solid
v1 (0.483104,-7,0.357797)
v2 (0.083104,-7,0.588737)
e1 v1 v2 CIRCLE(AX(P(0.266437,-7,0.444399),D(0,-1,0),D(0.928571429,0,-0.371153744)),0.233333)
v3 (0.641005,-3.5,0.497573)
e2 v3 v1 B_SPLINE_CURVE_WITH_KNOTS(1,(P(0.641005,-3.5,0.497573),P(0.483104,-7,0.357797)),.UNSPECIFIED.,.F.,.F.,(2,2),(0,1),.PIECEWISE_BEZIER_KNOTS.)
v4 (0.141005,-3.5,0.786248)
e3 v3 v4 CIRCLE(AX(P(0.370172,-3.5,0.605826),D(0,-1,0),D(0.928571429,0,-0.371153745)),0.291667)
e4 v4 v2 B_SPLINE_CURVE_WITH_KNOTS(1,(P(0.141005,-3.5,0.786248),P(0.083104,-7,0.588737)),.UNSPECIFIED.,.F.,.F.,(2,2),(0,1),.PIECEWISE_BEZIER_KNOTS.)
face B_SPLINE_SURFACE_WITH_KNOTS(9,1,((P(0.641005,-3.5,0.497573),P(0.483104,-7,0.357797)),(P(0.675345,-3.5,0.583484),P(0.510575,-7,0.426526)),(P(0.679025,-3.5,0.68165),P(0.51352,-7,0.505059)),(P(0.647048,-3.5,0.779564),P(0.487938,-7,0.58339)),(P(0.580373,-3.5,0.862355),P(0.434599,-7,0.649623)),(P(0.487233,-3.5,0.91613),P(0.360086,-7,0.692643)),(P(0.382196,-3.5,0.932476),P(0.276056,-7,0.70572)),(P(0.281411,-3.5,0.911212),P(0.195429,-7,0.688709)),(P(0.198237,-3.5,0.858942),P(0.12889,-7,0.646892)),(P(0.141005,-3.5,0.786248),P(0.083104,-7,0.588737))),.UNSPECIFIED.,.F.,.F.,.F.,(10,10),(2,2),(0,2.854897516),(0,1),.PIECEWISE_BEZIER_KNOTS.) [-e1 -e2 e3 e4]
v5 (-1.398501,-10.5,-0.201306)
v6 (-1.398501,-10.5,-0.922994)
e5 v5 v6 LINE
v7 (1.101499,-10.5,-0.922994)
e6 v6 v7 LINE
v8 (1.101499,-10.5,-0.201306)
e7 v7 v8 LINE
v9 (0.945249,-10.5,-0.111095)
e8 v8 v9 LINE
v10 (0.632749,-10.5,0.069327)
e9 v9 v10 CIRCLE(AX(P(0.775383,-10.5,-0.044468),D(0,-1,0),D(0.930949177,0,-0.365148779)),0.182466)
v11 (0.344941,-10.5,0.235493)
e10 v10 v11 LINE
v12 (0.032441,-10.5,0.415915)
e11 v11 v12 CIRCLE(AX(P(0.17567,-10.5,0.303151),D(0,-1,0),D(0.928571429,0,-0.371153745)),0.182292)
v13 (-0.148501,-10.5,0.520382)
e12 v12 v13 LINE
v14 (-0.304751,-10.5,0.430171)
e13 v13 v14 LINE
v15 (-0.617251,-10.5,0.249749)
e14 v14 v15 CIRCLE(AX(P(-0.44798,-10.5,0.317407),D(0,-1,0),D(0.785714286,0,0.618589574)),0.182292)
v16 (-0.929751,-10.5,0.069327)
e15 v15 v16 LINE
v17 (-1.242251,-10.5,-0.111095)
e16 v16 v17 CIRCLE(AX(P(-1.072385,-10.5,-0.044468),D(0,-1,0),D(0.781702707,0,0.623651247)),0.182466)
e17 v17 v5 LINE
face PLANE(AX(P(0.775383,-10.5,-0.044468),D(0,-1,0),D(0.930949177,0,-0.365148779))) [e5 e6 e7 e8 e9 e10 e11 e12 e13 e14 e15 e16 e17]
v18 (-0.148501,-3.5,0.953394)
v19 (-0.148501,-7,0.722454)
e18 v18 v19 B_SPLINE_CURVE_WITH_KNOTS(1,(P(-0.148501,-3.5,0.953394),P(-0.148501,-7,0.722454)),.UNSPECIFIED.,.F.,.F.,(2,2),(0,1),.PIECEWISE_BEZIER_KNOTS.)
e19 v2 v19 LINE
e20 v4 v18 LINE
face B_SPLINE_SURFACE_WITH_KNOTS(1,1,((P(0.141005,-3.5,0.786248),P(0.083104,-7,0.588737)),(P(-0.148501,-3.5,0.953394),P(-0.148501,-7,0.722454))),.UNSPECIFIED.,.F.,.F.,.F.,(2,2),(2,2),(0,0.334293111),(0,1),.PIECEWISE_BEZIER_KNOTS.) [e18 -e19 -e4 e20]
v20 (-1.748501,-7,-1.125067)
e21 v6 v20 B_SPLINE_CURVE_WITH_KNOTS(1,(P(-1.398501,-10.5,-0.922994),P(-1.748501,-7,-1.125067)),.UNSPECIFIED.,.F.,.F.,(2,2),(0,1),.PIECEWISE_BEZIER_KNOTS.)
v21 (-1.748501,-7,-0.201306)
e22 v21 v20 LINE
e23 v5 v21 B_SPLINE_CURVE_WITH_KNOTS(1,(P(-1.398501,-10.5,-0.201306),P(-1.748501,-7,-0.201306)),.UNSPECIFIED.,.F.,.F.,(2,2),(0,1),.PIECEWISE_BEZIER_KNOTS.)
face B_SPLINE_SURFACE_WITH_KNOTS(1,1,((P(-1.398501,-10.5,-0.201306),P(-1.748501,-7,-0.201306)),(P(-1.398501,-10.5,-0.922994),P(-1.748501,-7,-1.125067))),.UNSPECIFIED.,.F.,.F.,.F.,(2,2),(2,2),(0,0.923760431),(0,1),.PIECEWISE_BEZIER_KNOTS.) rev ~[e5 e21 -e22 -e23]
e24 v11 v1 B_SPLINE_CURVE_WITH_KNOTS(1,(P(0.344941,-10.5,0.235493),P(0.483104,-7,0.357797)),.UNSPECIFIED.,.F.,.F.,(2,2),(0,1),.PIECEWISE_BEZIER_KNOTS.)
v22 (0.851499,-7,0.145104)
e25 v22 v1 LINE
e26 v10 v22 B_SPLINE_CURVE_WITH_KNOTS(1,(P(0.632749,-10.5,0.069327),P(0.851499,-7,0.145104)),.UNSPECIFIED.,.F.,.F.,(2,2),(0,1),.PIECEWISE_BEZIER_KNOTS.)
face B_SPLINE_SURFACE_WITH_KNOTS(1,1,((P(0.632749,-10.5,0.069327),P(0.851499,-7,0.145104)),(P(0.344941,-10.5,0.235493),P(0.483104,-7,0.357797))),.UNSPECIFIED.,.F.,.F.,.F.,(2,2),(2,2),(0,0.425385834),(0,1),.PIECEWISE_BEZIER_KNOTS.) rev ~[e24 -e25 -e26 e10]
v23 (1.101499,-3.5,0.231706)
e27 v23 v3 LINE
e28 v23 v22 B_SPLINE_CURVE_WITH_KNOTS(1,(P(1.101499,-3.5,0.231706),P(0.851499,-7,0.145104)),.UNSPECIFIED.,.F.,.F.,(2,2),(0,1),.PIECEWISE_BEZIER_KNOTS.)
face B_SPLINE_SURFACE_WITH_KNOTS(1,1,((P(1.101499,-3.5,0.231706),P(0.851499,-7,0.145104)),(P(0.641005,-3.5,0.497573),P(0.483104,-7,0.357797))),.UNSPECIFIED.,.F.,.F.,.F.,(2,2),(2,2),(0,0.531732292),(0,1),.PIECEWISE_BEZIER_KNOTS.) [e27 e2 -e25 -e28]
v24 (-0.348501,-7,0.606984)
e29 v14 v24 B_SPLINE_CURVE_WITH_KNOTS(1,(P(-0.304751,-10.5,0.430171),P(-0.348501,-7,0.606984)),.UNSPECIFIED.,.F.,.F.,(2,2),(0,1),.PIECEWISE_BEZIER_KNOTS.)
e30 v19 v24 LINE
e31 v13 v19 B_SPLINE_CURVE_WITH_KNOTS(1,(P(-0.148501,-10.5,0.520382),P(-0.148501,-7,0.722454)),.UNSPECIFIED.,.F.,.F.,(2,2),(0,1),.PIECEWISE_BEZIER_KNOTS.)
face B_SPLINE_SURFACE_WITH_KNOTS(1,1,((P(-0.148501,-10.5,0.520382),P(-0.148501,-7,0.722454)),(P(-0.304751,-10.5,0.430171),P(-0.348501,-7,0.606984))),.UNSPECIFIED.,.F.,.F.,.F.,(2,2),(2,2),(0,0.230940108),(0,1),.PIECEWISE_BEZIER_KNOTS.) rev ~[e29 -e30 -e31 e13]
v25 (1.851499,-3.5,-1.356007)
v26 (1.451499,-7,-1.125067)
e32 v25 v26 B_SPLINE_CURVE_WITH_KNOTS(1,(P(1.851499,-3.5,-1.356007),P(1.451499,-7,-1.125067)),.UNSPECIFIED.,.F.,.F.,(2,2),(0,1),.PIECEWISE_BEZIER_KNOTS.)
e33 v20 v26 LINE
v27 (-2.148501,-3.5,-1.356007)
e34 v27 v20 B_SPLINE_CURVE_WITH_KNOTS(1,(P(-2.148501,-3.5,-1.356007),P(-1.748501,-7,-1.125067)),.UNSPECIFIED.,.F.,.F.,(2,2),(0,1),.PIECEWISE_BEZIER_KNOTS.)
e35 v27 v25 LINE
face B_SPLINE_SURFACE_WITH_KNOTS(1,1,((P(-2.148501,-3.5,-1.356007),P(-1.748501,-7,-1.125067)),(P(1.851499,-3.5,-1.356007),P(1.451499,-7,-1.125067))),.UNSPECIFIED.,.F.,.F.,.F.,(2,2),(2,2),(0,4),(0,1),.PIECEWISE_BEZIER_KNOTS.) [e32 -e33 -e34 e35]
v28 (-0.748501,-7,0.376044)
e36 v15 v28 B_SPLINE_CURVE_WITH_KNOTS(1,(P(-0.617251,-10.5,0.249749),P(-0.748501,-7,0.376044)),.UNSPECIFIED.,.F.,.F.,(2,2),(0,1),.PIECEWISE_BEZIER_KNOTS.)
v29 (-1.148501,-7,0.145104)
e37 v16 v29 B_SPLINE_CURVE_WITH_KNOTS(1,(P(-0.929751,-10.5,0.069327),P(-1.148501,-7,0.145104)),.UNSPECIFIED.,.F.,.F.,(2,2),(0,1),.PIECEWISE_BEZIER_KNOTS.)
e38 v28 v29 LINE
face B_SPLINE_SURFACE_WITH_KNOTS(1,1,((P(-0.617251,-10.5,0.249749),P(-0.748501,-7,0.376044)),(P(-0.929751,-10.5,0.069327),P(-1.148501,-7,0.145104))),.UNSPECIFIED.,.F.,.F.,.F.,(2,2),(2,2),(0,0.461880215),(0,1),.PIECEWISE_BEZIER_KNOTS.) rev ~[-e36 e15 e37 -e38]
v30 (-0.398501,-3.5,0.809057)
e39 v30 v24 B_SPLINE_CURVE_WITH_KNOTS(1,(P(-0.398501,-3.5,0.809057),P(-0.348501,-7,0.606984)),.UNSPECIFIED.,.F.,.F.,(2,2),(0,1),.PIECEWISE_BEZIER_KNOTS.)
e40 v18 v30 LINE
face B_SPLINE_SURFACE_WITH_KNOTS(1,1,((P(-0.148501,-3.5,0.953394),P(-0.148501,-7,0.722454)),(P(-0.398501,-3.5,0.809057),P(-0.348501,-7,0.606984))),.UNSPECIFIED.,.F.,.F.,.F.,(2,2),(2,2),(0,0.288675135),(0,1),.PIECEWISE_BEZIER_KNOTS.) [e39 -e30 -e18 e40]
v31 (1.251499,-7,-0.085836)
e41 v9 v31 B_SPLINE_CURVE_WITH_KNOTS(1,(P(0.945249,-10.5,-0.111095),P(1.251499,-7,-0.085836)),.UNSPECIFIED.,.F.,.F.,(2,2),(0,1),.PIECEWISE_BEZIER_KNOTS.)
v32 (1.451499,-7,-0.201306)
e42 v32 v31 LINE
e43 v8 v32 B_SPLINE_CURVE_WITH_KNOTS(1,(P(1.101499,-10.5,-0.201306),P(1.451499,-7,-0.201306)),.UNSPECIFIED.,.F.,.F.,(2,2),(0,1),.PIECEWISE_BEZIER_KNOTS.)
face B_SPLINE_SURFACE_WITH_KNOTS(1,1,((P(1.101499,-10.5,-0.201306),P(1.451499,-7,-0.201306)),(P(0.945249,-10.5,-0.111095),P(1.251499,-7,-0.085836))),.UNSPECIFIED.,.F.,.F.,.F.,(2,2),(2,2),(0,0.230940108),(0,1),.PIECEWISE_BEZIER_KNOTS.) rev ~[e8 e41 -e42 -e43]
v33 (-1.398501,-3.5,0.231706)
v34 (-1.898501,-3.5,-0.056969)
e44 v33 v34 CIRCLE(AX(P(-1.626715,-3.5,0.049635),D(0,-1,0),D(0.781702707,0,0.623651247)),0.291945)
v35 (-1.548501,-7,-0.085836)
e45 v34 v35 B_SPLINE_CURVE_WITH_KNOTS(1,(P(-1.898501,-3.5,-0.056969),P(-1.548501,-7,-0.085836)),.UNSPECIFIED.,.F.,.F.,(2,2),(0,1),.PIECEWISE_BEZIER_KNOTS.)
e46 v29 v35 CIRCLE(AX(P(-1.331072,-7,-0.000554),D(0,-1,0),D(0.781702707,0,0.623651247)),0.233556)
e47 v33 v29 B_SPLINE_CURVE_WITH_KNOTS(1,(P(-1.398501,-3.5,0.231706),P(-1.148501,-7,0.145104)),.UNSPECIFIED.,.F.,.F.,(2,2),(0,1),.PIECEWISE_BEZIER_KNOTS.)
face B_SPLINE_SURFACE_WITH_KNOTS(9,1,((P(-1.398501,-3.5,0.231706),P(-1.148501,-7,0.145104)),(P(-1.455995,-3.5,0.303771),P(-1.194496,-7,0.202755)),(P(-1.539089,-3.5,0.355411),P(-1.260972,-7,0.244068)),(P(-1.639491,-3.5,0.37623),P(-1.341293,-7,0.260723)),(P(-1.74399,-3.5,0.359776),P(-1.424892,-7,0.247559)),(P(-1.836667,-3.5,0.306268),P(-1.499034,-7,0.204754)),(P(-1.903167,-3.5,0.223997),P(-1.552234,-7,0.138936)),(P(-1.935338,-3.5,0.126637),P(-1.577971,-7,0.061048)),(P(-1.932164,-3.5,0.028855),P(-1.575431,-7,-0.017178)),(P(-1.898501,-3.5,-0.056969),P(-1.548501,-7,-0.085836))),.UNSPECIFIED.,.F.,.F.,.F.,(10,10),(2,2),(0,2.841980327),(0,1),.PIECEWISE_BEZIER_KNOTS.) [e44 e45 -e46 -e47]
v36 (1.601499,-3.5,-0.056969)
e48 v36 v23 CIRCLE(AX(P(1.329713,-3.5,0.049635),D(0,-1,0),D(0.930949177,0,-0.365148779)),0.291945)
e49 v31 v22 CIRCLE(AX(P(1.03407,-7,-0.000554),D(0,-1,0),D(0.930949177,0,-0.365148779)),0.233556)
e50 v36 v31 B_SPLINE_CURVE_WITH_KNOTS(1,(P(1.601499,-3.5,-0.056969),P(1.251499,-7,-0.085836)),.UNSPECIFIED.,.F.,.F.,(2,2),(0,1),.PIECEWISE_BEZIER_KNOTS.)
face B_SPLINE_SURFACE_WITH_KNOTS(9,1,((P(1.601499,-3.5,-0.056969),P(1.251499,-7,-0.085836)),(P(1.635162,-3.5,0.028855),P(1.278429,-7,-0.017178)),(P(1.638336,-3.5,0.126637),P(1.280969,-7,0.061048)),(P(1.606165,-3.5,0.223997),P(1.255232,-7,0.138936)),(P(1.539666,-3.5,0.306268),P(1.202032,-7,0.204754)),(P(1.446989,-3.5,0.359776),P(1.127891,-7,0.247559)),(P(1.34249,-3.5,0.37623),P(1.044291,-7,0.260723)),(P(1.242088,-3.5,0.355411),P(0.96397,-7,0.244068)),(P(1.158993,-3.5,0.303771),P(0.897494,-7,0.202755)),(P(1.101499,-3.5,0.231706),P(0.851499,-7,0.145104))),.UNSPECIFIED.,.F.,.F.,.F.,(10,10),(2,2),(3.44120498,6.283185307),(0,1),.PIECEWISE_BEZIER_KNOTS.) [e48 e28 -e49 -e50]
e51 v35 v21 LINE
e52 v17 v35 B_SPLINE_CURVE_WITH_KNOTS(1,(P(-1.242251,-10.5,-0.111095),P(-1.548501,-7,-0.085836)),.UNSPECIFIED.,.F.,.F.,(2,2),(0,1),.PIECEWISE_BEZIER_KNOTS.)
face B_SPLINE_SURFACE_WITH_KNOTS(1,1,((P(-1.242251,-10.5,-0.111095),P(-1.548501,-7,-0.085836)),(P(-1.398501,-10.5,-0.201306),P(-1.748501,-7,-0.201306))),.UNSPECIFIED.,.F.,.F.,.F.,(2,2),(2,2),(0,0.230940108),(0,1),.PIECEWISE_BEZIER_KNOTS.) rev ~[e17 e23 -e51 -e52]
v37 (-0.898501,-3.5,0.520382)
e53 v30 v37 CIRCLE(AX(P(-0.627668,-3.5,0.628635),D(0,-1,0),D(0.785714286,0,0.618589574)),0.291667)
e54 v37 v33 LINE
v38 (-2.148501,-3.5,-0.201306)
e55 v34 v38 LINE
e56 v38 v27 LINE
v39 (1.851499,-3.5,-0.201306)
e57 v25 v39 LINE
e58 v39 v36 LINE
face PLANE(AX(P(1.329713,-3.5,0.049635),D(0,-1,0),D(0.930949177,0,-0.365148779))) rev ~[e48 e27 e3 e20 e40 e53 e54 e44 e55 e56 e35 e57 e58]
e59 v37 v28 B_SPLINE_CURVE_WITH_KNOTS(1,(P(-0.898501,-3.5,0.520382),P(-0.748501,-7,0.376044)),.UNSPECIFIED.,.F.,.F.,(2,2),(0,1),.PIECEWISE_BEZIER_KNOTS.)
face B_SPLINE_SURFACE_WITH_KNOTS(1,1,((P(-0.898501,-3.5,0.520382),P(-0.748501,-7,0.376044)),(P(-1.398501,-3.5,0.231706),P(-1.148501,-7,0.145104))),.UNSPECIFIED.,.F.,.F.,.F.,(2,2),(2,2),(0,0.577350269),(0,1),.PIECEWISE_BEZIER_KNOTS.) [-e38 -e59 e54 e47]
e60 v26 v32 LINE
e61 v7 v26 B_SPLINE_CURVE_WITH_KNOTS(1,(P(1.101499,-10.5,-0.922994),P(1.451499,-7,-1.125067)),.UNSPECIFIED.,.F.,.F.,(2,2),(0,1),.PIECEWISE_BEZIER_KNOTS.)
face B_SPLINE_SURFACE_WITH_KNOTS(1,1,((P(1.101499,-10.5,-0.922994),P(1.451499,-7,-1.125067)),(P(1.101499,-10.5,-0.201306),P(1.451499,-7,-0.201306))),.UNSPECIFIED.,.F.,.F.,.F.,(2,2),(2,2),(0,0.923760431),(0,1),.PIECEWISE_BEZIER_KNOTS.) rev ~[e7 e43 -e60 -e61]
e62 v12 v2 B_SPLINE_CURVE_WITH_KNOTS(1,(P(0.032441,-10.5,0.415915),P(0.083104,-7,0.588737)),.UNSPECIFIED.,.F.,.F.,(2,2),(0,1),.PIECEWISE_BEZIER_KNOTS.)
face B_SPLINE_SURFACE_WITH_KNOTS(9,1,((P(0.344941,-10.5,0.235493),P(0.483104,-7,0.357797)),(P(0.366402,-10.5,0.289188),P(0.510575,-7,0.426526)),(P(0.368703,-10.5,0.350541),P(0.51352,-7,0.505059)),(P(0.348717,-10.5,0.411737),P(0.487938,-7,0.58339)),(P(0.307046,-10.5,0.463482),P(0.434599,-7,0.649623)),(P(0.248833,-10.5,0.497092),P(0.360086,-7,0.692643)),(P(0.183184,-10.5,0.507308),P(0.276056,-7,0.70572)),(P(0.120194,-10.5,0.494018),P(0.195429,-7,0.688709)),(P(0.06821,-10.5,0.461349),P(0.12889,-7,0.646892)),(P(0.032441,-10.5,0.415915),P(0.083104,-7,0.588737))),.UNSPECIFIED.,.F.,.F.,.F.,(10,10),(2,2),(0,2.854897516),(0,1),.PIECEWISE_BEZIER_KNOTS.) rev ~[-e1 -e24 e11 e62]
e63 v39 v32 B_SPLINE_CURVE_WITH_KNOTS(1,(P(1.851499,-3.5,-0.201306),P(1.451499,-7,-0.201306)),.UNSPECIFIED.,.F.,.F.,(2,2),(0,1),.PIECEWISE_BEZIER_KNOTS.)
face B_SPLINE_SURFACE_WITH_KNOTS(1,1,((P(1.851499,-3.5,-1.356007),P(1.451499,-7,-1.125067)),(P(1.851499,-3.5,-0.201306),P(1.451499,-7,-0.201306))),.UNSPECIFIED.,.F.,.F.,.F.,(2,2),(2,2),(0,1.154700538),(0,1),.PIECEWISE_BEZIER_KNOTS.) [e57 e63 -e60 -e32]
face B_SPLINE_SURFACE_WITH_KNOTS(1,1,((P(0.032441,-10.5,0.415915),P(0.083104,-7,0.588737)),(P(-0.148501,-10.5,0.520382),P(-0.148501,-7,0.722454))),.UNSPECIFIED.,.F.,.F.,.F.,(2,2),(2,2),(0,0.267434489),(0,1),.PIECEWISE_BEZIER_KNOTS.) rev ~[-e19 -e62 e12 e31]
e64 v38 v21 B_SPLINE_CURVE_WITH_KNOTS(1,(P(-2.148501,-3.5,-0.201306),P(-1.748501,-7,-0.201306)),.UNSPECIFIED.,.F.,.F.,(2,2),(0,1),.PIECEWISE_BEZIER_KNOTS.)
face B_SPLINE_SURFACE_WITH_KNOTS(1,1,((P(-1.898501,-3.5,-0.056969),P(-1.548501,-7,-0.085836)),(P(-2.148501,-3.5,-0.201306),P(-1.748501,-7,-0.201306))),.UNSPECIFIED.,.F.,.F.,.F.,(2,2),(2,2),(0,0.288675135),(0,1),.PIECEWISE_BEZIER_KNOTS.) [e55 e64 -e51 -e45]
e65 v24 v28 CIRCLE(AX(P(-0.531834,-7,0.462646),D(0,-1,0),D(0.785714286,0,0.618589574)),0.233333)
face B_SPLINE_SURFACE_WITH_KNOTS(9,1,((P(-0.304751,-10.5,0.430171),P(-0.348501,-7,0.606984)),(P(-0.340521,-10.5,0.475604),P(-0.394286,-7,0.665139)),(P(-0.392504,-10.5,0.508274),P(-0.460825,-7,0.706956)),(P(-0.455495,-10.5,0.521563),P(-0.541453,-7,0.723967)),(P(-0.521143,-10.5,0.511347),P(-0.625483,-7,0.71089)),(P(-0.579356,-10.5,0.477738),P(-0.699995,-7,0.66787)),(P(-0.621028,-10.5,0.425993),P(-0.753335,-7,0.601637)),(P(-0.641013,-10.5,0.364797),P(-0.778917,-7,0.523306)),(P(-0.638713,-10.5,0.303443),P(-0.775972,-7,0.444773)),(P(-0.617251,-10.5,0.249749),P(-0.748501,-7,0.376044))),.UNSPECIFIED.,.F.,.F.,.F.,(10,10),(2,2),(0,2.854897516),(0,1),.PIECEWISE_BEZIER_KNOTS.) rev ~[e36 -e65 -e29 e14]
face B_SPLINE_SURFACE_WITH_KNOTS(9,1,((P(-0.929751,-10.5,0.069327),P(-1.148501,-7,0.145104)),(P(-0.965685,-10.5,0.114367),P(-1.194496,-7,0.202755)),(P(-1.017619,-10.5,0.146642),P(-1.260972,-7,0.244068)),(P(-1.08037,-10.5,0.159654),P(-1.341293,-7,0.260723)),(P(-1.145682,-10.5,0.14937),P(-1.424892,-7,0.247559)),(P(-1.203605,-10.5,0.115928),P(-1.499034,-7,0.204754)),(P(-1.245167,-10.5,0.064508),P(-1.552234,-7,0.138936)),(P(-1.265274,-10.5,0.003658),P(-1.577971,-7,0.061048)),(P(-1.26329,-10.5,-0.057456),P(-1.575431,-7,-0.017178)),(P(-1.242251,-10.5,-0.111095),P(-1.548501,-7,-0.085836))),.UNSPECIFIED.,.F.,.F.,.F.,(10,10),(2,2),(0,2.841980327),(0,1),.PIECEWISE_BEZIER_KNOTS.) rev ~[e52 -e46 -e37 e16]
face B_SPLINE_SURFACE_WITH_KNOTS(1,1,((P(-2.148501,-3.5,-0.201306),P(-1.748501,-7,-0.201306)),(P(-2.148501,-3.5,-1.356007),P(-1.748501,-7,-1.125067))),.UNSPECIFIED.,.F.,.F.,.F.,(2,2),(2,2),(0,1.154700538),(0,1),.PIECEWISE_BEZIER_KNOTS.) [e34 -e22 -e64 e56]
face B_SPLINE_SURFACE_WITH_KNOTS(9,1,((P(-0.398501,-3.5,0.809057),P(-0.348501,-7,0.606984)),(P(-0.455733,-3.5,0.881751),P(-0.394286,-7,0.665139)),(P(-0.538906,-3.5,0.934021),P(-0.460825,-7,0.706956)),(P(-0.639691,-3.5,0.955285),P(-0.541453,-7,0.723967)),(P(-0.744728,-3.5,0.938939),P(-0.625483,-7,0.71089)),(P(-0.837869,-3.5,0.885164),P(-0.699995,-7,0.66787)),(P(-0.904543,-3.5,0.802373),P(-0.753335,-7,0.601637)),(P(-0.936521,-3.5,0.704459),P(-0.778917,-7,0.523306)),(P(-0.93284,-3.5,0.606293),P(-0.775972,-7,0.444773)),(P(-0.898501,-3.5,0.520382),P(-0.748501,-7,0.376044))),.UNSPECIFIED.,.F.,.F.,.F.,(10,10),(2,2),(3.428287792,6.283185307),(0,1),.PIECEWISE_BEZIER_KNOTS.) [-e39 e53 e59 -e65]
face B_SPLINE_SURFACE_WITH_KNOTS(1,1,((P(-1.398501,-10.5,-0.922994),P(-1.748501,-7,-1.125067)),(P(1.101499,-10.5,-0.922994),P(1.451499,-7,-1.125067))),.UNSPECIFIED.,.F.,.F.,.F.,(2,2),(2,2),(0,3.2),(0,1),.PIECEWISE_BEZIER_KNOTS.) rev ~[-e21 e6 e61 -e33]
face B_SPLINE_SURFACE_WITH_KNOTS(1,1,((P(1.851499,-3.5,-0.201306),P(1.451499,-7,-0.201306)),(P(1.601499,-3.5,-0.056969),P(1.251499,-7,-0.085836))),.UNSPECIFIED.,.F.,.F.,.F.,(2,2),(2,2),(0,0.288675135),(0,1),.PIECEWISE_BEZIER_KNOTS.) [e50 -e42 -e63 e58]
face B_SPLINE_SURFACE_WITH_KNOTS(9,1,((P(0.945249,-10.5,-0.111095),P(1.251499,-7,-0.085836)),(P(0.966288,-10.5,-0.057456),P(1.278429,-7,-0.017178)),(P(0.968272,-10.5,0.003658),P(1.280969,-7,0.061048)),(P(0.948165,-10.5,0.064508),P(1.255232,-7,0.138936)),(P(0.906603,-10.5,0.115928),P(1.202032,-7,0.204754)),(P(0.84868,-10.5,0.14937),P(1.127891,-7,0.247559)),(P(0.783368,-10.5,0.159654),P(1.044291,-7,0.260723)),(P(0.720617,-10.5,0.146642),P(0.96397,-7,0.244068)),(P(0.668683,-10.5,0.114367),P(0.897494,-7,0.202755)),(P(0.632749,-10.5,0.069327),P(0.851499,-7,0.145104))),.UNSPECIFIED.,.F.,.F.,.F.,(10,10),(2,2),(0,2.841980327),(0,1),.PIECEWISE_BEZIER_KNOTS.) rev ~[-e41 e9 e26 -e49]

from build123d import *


with BuildPart() as f7:
    # F5 (on offset) → F7 section 0
    with BuildSketch(Plane.XZ.offset(10.5)):
        with BuildLine():
            Line((1.1014990962, -0.9229941527), (1.1014990962, -0.2013063162))
            Line((1.1014990962, -0.2013063162), (0.9452490962, -0.1110953366))
            ThreePointArc((0.9452490962, -0.1110953366), (0.8666157096, 0.1135515608), (0.6327490962, 0.0693266225))
            Line((0.6327490962, 0.0693266225), (0.3449405504, 0.2354929639))
            ThreePointArc((0.3449405504, 0.2354929639), (0.2668155504, 0.4610204128), (0.0324405504, 0.415914923))
            Line((0.0324405504, 0.415914923), (-0.1485009038, 0.5203815203))
            Line((-0.1485009038, 0.5203815203), (-0.3047509038, 0.4301705407))
            ThreePointArc((-0.3047509038, 0.4301705407), (-0.5391259038, 0.4752760305), (-0.6172509038, 0.2497485816))
            Line((-0.6172509038, 0.2497485816), (-0.9297509038, 0.0693266225))
            ThreePointArc((-0.9297509038, 0.0693266225), (-1.1636175172, 0.1135515608), (-1.2422509038, -0.1110953366))
            Line((-1.2422509038, -0.1110953366), (-1.3985009038, -0.2013063162))
            Line((-1.3985009038, -0.2013063162), (-1.3985009038, -0.9229941527))
            Line((-1.3985009038, -0.9229941527), (1.1014990962, -0.9229941527))
        make_face()
    # F4 (on offset) → F7 section 1
    with BuildSketch(Plane.XZ.offset(7)):
        with BuildLine():
            Line((1.4514990962, -1.1250667469), (1.4514990962, -0.2013063162))
            Line((1.4514990962, -0.2013063162), (1.2514990962, -0.0858362624))
            ThreePointArc((1.2514990962, -0.0858362624), (1.1508483613, 0.2017117664), (0.8514990962, 0.1451038453))
            Line((0.8514990962, 0.1451038453), (0.4831041575, 0.3577967623))
            ThreePointArc((0.4831041575, 0.3577967623), (0.3831041575, 0.6464718969), (0.0831041575, 0.58873687))
            Line((0.0831041575, 0.58873687), (-0.1485009038, 0.7224541145))
            Line((-0.1485009038, 0.7224541145), (-0.3485009038, 0.6069840607))
            ThreePointArc((-0.3485009038, 0.6069840607), (-0.6485009038, 0.6647190876), (-0.7485009038, 0.376043953))
            Line((-0.7485009038, 0.376043953), (-1.1485009038, 0.1451038453))
            ThreePointArc((-1.1485009038, 0.1451038453), (-1.447850169, 0.2017117664), (-1.5485009038, -0.0858362624))
            Line((-1.5485009038, -0.0858362624), (-1.7485009038, -0.2013063162))
            Line((-1.7485009038, -0.2013063162), (-1.7485009038, -1.1250667469))
            Line((-1.7485009038, -1.1250667469), (1.4514990962, -1.1250667469))
        make_face()
    loft()

    # F3 (on offset) → F8 section 0
    with BuildSketch(Plane.XZ.offset(3.5)):
        with BuildLine():
            Line((1.8514990962, -1.3560068546), (1.8514990962, -0.2013063162))
            Line((1.8514990962, -0.2013063162), (1.6014990962, -0.0569687489))
            ThreePointArc((1.6014990962, -0.0569687489), (1.4756856776, 0.3024662871), (1.1014990962, 0.2317063857))
            Line((1.1014990962, 0.2317063857), (0.6410054229, 0.4975725319))
            ThreePointArc((0.6410054229, 0.4975725319), (0.5160054229, 0.8584164502), (0.1410054229, 0.7862476665))
            Line((0.1410054229, 0.7862476665), (-0.1485009038, 0.9533942222))
            Line((-0.1485009038, 0.9533942222), (-0.3985009038, 0.8090566549))
            ThreePointArc((-0.3985009038, 0.8090566549), (-0.7735009038, 0.8812254385), (-0.8985009038, 0.5203815203))
            Line((-0.8985009038, 0.5203815203), (-1.3985009038, 0.2317063857))
            ThreePointArc((-1.3985009038, 0.2317063857), (-1.7726874853, 0.3024662871), (-1.8985009038, -0.0569687489))
            Line((-1.8985009038, -0.0569687489), (-2.1485009038, -0.2013063162))
            Line((-2.1485009038, -0.2013063162), (-2.1485009038, -1.3560068546))
            Line((-2.1485009038, -1.3560068546), (1.8514990962, -1.3560068546))
        make_face()
    # F7_face (on face) → F8 section 1
    with BuildSketch(Plane(origin=(-0.1480313647, -7, -0.3630261389), x_dir=(-1, 0, 0), z_dir=(0, 1, 0))):
        with BuildLine():
            Line((1.6004695391, -0.762040608), (1.6004695391, 0.1617198227))
            Line((1.6004695391, 0.1617198227), (1.4004695391, 0.2771898766))
            ThreePointArc((1.4004695391, 0.2771898766), (1.2998188042, 0.5647379053), (1.0004695391, 0.5081299842))
            Line((1.0004695391, 0.5081299842), (0.6004695391, 0.7390700919))
            ThreePointArc((0.6004695391, 0.7390700919), (0.5004695391, 1.0277452265), (0.2004695391, 0.9700101996))
            Line((0.2004695391, 0.9700101996), (0.0004695391, 1.0854802534))
            Line((0.0004695391, 1.0854802534), (-0.2311355222, 0.9517630089))
            ThreePointArc((-0.2311355222, 0.9517630089), (-0.5311355222, 1.0094980358), (-0.6311355222, 0.7208229012))
            Line((-0.6311355222, 0.7208229012), (-0.9995304609, 0.5081299842))
            ThreePointArc((-0.9995304609, 0.5081299842), (-1.2988797261, 0.5647379053), (-1.3995304609, 0.2771898766))
            Line((-1.3995304609, 0.2771898766), (-1.5995304609, 0.1617198227))
            Line((-1.5995304609, 0.1617198227), (-1.5995304609, -0.762040608))
            Line((-1.5995304609, -0.762040608), (1.6004695391, -0.762040608))
        make_face()
    loft()


solid = f7.part
